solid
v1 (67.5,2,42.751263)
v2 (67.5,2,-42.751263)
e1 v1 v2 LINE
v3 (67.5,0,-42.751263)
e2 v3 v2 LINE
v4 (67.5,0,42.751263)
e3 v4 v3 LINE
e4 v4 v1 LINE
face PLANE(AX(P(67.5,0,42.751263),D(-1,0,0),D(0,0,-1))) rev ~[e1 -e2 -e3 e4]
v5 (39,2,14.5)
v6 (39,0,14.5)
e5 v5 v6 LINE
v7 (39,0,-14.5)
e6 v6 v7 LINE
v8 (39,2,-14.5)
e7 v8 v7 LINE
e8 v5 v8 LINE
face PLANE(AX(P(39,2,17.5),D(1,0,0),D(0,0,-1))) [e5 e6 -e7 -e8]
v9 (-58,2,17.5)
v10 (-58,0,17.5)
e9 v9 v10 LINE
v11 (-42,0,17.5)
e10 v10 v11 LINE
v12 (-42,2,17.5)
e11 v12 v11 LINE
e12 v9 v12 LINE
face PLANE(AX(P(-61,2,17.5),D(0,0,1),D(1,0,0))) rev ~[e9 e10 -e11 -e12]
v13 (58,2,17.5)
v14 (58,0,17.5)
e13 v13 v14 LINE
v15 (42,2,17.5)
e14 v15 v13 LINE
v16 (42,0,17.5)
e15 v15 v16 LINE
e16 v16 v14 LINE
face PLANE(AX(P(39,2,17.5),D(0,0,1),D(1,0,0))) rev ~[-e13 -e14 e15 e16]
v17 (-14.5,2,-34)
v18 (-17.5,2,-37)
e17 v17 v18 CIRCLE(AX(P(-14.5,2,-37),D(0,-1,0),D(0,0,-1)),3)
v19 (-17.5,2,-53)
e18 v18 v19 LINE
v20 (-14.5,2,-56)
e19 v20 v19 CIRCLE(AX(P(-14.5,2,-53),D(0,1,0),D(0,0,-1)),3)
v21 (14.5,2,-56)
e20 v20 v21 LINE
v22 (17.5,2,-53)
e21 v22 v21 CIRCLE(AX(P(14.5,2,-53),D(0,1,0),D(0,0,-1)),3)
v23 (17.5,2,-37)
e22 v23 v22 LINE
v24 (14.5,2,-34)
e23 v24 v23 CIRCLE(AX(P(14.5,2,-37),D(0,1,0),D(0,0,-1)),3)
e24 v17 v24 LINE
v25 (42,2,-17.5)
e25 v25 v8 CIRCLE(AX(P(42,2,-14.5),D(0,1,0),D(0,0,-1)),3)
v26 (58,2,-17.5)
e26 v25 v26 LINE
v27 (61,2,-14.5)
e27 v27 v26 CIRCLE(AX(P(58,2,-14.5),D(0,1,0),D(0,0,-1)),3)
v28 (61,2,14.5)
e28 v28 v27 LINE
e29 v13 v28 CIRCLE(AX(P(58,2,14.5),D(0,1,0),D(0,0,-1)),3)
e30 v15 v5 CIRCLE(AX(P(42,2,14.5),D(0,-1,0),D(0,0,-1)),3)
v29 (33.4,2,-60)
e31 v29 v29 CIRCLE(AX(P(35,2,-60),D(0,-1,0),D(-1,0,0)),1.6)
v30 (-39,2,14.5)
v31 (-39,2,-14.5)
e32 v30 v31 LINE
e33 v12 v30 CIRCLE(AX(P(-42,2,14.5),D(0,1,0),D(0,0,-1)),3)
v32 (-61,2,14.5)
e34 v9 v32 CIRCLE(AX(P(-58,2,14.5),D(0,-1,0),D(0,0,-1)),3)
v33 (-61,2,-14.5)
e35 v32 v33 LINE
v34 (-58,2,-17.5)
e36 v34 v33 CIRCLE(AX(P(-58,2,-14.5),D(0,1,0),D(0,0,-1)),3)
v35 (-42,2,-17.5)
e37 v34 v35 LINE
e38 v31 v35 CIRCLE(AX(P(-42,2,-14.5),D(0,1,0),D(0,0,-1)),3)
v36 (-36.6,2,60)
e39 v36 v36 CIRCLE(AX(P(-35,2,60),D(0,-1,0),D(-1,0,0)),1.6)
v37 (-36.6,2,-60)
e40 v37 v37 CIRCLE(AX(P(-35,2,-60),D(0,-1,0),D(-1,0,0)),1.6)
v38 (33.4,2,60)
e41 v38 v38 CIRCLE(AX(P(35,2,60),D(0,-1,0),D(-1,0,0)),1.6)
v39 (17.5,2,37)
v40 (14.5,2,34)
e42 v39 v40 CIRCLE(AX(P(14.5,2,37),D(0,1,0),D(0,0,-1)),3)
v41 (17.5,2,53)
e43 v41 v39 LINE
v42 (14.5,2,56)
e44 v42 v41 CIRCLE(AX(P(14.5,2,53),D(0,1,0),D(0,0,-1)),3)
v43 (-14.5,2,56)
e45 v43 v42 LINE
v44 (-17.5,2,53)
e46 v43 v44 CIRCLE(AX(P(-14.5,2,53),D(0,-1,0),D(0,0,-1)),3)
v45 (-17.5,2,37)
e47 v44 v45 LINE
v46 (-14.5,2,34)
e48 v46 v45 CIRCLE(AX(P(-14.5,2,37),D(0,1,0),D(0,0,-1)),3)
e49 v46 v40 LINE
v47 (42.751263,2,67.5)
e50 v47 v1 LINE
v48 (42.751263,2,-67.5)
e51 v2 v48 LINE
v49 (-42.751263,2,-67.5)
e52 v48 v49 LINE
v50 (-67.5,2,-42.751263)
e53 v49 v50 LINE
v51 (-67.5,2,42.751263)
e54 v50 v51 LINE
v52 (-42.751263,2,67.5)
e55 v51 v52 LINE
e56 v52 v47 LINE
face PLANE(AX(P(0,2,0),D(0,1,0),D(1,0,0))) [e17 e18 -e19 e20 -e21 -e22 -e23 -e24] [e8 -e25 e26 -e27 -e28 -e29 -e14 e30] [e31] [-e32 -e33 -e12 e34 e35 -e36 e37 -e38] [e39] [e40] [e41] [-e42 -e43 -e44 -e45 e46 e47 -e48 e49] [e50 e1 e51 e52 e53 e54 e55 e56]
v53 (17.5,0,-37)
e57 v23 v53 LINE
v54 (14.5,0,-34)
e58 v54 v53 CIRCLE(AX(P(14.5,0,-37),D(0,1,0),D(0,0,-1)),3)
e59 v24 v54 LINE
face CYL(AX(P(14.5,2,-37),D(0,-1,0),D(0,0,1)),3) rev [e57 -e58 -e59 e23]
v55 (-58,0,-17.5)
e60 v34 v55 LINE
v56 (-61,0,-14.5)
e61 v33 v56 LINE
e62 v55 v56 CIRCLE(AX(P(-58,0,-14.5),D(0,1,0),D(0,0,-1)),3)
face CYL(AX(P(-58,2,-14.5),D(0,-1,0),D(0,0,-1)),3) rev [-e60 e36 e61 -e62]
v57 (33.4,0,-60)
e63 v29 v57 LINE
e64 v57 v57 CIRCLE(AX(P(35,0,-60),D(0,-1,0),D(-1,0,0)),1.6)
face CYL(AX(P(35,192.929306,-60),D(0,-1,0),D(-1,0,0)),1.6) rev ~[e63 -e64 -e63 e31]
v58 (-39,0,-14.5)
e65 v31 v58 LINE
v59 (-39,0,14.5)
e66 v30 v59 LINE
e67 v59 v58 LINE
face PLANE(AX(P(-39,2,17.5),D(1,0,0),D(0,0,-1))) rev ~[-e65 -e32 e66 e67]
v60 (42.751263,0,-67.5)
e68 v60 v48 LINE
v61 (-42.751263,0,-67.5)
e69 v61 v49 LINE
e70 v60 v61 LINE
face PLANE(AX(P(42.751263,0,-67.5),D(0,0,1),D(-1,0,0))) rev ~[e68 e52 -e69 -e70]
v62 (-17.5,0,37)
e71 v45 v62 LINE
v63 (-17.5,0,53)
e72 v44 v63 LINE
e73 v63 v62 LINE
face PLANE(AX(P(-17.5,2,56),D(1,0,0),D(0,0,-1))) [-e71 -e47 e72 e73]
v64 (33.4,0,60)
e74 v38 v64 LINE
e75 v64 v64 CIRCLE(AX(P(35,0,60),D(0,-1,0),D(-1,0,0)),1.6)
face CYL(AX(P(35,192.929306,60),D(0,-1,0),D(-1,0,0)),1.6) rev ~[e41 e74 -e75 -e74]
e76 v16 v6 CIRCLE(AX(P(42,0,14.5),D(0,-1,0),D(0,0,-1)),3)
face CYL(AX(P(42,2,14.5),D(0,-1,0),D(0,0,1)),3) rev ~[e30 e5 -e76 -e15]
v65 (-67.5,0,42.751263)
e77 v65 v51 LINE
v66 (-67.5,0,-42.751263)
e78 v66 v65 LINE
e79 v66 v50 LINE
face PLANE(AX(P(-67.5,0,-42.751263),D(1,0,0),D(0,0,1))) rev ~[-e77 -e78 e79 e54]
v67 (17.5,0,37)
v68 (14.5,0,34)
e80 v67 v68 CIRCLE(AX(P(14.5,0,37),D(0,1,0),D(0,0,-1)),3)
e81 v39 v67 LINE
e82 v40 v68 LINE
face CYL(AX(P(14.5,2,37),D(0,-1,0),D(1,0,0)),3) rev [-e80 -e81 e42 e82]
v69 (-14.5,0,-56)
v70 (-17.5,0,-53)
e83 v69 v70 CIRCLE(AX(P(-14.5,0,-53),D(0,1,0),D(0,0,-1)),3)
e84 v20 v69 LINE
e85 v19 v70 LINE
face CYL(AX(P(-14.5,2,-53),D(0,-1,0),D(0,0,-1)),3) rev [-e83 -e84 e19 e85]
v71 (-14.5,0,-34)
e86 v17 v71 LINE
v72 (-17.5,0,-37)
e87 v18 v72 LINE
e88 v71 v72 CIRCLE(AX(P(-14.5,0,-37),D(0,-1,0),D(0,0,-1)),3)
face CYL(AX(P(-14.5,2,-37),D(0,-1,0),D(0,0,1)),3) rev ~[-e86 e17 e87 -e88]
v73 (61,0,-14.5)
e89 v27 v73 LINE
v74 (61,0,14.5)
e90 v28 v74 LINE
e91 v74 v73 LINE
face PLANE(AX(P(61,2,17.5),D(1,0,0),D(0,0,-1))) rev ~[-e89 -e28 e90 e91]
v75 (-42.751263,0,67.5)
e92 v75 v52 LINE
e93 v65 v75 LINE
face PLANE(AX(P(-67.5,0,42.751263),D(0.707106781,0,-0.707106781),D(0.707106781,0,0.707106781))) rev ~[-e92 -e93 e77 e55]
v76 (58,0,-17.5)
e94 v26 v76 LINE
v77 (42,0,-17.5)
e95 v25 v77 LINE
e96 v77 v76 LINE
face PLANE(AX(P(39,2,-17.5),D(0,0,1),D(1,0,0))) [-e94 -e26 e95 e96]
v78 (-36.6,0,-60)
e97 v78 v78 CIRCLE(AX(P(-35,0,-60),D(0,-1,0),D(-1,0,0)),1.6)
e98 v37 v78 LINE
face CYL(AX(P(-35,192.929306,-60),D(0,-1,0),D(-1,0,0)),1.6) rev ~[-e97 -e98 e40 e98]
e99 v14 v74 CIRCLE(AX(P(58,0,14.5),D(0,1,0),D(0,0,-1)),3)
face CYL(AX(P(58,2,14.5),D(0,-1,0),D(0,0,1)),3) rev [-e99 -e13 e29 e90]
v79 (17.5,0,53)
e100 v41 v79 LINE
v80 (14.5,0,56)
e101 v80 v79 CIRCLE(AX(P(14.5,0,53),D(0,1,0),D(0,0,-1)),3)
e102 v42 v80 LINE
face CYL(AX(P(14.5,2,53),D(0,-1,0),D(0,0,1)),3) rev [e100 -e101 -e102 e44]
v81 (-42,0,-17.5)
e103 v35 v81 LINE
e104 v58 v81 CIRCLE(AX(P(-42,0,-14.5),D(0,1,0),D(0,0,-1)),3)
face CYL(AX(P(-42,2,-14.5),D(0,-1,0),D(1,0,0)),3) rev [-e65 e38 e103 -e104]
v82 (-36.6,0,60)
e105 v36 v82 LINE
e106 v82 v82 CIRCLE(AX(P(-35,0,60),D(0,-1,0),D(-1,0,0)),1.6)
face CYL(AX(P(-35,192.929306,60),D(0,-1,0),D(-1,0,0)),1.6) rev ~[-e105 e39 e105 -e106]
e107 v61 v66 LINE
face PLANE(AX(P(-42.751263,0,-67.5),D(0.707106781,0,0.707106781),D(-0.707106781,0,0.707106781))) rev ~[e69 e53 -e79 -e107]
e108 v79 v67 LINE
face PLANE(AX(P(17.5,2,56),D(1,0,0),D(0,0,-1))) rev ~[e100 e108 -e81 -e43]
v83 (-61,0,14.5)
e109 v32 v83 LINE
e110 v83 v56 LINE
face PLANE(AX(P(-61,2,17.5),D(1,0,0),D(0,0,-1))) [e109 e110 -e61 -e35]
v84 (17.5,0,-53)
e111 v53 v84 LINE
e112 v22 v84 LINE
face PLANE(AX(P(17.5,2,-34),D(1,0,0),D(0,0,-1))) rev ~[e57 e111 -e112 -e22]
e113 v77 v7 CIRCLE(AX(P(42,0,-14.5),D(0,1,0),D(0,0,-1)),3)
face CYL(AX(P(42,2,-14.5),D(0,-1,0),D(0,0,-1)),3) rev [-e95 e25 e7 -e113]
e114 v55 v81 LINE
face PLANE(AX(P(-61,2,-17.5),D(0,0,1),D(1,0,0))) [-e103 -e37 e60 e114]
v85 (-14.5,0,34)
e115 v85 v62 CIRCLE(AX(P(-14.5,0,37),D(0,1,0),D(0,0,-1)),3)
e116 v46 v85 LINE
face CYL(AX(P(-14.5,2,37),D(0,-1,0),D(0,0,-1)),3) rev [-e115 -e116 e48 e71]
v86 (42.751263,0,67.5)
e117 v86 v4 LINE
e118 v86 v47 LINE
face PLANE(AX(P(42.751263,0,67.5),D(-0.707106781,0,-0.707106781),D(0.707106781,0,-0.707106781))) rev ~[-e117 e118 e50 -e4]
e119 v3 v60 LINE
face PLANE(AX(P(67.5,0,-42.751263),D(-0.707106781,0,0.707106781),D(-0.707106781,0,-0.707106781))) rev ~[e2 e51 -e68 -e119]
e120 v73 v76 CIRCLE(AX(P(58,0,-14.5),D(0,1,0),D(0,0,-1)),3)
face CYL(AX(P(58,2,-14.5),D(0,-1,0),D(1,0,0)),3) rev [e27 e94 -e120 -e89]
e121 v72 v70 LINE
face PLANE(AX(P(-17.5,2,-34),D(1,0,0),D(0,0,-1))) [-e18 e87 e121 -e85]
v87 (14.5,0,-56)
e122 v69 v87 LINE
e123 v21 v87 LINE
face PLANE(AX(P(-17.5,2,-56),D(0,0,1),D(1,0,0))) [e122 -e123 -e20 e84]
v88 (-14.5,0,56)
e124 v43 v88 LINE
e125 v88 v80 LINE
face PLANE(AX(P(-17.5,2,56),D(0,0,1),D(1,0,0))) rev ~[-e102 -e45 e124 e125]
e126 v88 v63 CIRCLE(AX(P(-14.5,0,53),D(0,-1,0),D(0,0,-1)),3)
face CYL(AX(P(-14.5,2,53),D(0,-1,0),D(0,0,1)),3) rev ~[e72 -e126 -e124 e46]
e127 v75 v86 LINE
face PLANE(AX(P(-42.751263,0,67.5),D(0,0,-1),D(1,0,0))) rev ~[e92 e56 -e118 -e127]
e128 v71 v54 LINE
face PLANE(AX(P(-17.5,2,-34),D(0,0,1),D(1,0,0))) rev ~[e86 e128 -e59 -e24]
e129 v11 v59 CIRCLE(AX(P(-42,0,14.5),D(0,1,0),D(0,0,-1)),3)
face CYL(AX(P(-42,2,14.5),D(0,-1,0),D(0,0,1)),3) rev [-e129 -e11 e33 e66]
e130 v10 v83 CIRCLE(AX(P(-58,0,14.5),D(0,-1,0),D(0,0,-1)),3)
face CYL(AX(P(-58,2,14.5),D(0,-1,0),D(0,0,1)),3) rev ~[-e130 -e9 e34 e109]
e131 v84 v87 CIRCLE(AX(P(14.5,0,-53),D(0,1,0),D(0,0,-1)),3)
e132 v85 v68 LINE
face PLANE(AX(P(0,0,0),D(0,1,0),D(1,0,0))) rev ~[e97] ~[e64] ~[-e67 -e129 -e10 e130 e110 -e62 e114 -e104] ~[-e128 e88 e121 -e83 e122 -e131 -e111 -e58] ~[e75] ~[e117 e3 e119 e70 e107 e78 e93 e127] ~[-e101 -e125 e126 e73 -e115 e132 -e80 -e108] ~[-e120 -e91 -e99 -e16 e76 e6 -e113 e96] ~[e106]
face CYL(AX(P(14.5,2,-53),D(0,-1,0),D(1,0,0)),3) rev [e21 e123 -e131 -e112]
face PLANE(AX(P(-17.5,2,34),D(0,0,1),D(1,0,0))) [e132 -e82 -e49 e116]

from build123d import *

# Parameters (mm, degrees)
BOSS_EXTRUDE1_DEPTH  = 2
M3_CLEARANCE_HOLE1_D = 3.2
SKETCH4_W            = 35
SKETCH4_H            = 22
SKETCH4_W_2          = 22
SKETCH4_H_2          = 35
CUT_EXTRUDE1_DEPTH   = 96.480364474
FILLET1_R            = 3


with BuildPart() as part:
    # Sketch1 → Boss-Extrude1 (new body)
    with BuildSketch(Plane(origin=(0, 0, 0), x_dir=(1, 0, 0), z_dir=(0, 1, 0))):
        Polygon((-42.751262658, 67.5), (-67.5, 42.751262658), (-67.5, -42.751262658), (-42.751262658, -67.5), (42.751262658, -67.5), (67.5, -42.751262658), (67.5, 42.751262658), (42.751262658, 67.5), align=None)
    extrude(amount=BOSS_EXTRUDE1_DEPTH)

    # M3 Clearance Hole1 (through all)
    with Locations(Plane(origin=(0, 2, 0), x_dir=(1, 0, 0), z_dir=(0, 1, 0))):
        with Locations((-35, 60), (35, -60), (35, 60), (-35, -60)):
            Hole(M3_CLEARANCE_HOLE1_D / 2)

    # Sketch4 → Cut-Extrude1 (cut, through all)
    with BuildSketch(Plane(origin=(0, 2, 0), x_dir=(1, 0, 0), z_dir=(0, 1, 0))):
        with Locations((0, 45)):
            Rectangle(SKETCH4_W, SKETCH4_H)
        with Locations((-50, 0)):
            Rectangle(SKETCH4_W_2, SKETCH4_H_2)
        with Locations((50, 0)):
            Rectangle(SKETCH4_W_2, SKETCH4_H_2)
        with Locations((0, -45)):
            Rectangle(SKETCH4_W, SKETCH4_H)
    extrude(amount=-CUT_EXTRUDE1_DEPTH, mode=Mode.SUBTRACT)

    # Fillet1
    fillet1_edges = [part.edges().sort_by_distance(p)[0] for p in [
        (-17.5, 1, -34),
        (-17.5, 1, -56),
        (17.5, 1, -56),
        (17.5, 1, -34),
        (-39, 1, -17.5),
        (-39, 1, 17.5),
        (-61, 1, 17.5),
        (-61, 1, -17.5),
        (61, 1, -17.5),
        (61, 1, 17.5),
        (39, 1, 17.5),
        (39, 1, -17.5),
        (17.5, 1, 34),
        (17.5, 1, 56),
        (-17.5, 1, 56),
        (-17.5, 1, 34),
    ]]
    fillet(fillet1_edges, radius=FILLET1_R)


solid = part.part
